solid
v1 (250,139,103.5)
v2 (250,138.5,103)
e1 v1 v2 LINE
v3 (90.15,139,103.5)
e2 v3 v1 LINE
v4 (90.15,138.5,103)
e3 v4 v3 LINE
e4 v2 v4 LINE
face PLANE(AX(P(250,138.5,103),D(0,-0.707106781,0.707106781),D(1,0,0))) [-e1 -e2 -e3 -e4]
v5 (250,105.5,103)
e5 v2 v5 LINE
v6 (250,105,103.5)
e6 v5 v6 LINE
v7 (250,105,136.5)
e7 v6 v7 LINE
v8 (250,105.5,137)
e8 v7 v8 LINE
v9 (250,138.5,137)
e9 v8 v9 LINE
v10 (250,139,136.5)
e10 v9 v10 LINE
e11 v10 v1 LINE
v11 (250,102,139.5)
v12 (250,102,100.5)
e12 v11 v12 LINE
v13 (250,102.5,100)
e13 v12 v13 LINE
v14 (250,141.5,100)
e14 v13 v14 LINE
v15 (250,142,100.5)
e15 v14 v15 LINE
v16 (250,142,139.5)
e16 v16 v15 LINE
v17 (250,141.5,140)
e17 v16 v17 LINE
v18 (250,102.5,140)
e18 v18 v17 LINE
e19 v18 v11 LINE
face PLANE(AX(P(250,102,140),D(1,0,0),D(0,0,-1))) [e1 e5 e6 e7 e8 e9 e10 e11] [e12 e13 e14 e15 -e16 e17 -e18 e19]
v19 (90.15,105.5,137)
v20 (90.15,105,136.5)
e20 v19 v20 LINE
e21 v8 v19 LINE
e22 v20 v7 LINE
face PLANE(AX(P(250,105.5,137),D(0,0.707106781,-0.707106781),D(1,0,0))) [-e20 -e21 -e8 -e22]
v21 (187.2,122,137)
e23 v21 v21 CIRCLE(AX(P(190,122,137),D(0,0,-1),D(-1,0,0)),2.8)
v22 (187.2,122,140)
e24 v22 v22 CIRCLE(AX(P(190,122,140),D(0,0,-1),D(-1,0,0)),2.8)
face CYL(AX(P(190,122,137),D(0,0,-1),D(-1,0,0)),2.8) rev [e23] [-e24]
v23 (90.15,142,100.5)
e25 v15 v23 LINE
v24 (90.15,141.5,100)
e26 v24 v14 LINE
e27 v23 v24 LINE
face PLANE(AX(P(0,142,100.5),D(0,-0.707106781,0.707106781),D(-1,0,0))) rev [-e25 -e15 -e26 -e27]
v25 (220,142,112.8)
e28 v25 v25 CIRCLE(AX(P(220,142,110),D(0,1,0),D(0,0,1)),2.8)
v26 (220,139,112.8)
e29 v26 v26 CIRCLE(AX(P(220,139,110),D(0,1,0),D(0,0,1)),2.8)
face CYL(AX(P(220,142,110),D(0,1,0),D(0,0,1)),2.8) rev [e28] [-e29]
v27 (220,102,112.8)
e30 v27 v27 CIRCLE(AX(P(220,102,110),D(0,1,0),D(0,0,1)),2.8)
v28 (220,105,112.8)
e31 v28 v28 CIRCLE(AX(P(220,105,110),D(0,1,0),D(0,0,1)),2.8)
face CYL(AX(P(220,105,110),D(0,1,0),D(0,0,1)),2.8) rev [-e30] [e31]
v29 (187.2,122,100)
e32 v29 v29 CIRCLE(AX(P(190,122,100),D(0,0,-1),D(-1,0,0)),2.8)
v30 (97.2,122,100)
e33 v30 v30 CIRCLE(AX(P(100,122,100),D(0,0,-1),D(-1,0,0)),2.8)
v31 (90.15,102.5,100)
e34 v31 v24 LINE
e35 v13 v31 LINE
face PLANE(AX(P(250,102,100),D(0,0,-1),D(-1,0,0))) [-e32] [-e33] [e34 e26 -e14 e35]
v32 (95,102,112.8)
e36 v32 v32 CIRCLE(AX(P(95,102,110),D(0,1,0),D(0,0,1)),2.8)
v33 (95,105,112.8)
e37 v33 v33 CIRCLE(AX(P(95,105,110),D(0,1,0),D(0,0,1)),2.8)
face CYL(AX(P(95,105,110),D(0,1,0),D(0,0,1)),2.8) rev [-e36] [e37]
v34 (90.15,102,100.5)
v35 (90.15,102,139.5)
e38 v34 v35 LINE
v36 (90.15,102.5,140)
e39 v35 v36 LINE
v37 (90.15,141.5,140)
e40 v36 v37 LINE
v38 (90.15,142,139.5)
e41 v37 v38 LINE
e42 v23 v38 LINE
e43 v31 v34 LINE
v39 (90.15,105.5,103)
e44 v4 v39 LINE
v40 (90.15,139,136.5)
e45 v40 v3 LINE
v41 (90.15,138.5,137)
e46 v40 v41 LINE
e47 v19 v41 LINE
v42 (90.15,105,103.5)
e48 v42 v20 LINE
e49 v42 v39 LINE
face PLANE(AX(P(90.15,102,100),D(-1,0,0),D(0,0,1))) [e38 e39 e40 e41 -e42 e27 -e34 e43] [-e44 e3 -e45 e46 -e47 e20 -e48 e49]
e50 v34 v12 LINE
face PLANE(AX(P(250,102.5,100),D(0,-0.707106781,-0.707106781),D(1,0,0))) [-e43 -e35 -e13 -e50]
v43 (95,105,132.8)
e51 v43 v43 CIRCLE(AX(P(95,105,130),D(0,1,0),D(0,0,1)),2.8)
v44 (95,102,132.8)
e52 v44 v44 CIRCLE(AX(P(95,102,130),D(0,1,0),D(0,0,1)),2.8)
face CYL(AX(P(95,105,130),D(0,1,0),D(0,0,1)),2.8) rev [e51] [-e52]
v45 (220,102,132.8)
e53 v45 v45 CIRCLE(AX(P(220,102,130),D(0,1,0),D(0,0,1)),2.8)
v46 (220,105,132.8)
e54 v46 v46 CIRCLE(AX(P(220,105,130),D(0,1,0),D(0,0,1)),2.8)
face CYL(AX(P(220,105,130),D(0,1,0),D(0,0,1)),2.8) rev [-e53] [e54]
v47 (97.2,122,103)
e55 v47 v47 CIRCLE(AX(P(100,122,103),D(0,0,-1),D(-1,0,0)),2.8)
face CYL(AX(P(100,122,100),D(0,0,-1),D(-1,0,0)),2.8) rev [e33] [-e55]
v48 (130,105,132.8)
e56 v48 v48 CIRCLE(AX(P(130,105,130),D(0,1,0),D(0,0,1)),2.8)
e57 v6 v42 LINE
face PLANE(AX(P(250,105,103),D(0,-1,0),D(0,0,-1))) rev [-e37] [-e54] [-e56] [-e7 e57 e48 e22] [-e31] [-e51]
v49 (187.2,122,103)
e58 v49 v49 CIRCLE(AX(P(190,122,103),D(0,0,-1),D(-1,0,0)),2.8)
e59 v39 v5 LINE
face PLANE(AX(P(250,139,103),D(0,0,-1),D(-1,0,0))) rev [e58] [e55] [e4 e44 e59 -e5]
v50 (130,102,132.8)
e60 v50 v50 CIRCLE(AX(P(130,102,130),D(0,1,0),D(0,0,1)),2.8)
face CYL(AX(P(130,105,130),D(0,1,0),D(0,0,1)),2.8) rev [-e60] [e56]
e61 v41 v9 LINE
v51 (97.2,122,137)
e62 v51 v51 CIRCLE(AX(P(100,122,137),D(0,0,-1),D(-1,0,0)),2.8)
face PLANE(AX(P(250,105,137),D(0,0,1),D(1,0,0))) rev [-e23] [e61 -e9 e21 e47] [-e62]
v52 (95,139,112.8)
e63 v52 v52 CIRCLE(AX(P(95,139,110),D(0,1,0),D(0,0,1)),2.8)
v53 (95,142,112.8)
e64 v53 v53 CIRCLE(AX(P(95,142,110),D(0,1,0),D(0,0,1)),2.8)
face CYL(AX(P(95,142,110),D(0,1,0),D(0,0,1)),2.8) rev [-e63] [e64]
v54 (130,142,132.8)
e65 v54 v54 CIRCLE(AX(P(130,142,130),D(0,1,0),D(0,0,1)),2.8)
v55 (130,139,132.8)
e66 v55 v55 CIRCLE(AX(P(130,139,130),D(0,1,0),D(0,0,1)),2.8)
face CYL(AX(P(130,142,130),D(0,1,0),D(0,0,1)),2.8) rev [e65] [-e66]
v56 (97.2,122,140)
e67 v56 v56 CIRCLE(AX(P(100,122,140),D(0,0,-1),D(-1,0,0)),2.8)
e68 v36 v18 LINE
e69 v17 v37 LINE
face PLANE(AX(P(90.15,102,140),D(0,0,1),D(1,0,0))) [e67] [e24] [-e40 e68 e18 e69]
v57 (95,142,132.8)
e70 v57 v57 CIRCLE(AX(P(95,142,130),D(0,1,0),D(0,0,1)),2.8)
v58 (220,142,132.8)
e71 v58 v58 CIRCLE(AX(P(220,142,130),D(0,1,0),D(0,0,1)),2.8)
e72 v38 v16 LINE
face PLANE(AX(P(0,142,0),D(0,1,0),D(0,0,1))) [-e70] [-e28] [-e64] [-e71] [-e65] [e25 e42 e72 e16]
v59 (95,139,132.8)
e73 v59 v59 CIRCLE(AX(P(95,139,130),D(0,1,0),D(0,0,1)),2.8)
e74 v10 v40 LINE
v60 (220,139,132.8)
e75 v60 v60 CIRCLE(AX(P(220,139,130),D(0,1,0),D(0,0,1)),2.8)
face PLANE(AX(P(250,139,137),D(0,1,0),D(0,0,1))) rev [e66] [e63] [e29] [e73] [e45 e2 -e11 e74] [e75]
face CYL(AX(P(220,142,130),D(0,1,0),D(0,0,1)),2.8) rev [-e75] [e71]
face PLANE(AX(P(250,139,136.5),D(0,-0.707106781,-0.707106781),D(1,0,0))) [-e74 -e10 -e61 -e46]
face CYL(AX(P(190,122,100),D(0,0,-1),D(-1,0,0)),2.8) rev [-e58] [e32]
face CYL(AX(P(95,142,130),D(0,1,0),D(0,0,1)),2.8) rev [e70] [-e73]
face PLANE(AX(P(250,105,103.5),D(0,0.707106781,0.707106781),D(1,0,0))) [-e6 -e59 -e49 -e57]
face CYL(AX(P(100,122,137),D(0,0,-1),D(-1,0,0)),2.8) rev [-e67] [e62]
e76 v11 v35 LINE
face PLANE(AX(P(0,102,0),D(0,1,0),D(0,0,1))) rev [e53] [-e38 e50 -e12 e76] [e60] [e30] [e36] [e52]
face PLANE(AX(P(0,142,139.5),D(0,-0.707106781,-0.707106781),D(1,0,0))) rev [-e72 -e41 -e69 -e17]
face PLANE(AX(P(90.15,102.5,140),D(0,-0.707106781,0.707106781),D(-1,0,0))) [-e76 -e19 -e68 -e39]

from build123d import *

# Parameters (mm, degrees)
SKETCH1_W                      = 159.85
SKETCH1_H                      = 40
BOSS_EXTRUDE1_DEPTH            = 40
SKETCH2_W                      = 34
SKETCH2_H                      = 34
CUT_EXTRUDE1_DEPTH             = 256.569995305
F_5_6_5_6_DIAMETER_HOLE1_D     = 5.6
F_5_6_5_6_DIAMETER_HOLE1_DEPTH = 3
F_5_6_5_6_DIAMETER_HOLE2_D     = 5.6
F_5_6_5_6_DIAMETER_HOLE2_DEPTH = 3
F_5_6_5_6_DIAMETER_HOLE3_D     = 5.6
F_5_6_5_6_DIAMETER_HOLE4_D     = 5.6
F_5_6_5_6_DIAMETER_HOLE4_DEPTH = 40
CHAMFER1_SIZE                  = 0.5


with BuildPart() as part:
    # Sketch1 → Boss-Extrude1 (new body)
    with BuildSketch(Plane(origin=(0, 142, 0), x_dir=(1, 0, 0), z_dir=(0, 1, 0))):
        with Locations((170.075, -120)):
            Rectangle(SKETCH1_W, SKETCH1_H)
    extrude(amount=-BOSS_EXTRUDE1_DEPTH)

    # Sketch2 → Cut-Extrude1 (cut, through all)
    with BuildSketch(Plane.ZY.offset(-90.15)):
        with Locations((120, 122)):
            Rectangle(SKETCH2_W, SKETCH2_H)
    extrude(amount=-CUT_EXTRUDE1_DEPTH, mode=Mode.SUBTRACT)

    # Ø5.6 (5.6) Diameter Hole1
    with Locations(Plane(origin=(0, 105, 0), x_dir=(1, 0, 0), z_dir=(0, 1, 0))):
        with Locations((220, -130), (220, -110), (130, -130), (95, -130), (95, -110)):
            Hole(F_5_6_5_6_DIAMETER_HOLE1_D / 2, depth=F_5_6_5_6_DIAMETER_HOLE1_DEPTH)

    # Ø5.6 (5.6) Diameter Hole2
    with Locations(Plane(origin=(0, 0, 100), x_dir=(-1, 0, 0), z_dir=(0, 0, -1))):
        with Locations((-190, 122), (-100, 122)):
            Hole(F_5_6_5_6_DIAMETER_HOLE2_D / 2, depth=F_5_6_5_6_DIAMETER_HOLE2_DEPTH)

    # Ø5.6 (5.6) Diameter Hole3 (through all)
    with Locations(Plane(origin=(0, 0, 137), x_dir=(-1, 0, 0), z_dir=(0, 0, -1))):
        with Locations((-190, 122), (-100, 122)):
            Hole(F_5_6_5_6_DIAMETER_HOLE3_D / 2)

    # Ø5.6 (5.6) Diameter Hole4
    with Locations(Plane(origin=(0, 142, 0), x_dir=(1, 0, 0), z_dir=(0, 1, 0))):
        with Locations((220, -130), (220, -110), (130, -130), (95, -130), (95, -110)):
            Hole(F_5_6_5_6_DIAMETER_HOLE4_D / 2, depth=F_5_6_5_6_DIAMETER_HOLE4_DEPTH)

    # Chamfer1
    chamfer1_edges = [part.edges().sort_by_distance(p)[0] for p in [
        (170.075, 102, 100),
        (170.075, 105, 103),
        (170.075, 139, 103),
        (170.075, 139, 137),
        (170.075, 105, 137),
        (170.075, 102, 140),
        (170.075, 142, 100),
        (170.075, 142, 140),
    ]]
    chamfer(chamfer1_edges, length=CHAMFER1_SIZE)


solid = part.part
